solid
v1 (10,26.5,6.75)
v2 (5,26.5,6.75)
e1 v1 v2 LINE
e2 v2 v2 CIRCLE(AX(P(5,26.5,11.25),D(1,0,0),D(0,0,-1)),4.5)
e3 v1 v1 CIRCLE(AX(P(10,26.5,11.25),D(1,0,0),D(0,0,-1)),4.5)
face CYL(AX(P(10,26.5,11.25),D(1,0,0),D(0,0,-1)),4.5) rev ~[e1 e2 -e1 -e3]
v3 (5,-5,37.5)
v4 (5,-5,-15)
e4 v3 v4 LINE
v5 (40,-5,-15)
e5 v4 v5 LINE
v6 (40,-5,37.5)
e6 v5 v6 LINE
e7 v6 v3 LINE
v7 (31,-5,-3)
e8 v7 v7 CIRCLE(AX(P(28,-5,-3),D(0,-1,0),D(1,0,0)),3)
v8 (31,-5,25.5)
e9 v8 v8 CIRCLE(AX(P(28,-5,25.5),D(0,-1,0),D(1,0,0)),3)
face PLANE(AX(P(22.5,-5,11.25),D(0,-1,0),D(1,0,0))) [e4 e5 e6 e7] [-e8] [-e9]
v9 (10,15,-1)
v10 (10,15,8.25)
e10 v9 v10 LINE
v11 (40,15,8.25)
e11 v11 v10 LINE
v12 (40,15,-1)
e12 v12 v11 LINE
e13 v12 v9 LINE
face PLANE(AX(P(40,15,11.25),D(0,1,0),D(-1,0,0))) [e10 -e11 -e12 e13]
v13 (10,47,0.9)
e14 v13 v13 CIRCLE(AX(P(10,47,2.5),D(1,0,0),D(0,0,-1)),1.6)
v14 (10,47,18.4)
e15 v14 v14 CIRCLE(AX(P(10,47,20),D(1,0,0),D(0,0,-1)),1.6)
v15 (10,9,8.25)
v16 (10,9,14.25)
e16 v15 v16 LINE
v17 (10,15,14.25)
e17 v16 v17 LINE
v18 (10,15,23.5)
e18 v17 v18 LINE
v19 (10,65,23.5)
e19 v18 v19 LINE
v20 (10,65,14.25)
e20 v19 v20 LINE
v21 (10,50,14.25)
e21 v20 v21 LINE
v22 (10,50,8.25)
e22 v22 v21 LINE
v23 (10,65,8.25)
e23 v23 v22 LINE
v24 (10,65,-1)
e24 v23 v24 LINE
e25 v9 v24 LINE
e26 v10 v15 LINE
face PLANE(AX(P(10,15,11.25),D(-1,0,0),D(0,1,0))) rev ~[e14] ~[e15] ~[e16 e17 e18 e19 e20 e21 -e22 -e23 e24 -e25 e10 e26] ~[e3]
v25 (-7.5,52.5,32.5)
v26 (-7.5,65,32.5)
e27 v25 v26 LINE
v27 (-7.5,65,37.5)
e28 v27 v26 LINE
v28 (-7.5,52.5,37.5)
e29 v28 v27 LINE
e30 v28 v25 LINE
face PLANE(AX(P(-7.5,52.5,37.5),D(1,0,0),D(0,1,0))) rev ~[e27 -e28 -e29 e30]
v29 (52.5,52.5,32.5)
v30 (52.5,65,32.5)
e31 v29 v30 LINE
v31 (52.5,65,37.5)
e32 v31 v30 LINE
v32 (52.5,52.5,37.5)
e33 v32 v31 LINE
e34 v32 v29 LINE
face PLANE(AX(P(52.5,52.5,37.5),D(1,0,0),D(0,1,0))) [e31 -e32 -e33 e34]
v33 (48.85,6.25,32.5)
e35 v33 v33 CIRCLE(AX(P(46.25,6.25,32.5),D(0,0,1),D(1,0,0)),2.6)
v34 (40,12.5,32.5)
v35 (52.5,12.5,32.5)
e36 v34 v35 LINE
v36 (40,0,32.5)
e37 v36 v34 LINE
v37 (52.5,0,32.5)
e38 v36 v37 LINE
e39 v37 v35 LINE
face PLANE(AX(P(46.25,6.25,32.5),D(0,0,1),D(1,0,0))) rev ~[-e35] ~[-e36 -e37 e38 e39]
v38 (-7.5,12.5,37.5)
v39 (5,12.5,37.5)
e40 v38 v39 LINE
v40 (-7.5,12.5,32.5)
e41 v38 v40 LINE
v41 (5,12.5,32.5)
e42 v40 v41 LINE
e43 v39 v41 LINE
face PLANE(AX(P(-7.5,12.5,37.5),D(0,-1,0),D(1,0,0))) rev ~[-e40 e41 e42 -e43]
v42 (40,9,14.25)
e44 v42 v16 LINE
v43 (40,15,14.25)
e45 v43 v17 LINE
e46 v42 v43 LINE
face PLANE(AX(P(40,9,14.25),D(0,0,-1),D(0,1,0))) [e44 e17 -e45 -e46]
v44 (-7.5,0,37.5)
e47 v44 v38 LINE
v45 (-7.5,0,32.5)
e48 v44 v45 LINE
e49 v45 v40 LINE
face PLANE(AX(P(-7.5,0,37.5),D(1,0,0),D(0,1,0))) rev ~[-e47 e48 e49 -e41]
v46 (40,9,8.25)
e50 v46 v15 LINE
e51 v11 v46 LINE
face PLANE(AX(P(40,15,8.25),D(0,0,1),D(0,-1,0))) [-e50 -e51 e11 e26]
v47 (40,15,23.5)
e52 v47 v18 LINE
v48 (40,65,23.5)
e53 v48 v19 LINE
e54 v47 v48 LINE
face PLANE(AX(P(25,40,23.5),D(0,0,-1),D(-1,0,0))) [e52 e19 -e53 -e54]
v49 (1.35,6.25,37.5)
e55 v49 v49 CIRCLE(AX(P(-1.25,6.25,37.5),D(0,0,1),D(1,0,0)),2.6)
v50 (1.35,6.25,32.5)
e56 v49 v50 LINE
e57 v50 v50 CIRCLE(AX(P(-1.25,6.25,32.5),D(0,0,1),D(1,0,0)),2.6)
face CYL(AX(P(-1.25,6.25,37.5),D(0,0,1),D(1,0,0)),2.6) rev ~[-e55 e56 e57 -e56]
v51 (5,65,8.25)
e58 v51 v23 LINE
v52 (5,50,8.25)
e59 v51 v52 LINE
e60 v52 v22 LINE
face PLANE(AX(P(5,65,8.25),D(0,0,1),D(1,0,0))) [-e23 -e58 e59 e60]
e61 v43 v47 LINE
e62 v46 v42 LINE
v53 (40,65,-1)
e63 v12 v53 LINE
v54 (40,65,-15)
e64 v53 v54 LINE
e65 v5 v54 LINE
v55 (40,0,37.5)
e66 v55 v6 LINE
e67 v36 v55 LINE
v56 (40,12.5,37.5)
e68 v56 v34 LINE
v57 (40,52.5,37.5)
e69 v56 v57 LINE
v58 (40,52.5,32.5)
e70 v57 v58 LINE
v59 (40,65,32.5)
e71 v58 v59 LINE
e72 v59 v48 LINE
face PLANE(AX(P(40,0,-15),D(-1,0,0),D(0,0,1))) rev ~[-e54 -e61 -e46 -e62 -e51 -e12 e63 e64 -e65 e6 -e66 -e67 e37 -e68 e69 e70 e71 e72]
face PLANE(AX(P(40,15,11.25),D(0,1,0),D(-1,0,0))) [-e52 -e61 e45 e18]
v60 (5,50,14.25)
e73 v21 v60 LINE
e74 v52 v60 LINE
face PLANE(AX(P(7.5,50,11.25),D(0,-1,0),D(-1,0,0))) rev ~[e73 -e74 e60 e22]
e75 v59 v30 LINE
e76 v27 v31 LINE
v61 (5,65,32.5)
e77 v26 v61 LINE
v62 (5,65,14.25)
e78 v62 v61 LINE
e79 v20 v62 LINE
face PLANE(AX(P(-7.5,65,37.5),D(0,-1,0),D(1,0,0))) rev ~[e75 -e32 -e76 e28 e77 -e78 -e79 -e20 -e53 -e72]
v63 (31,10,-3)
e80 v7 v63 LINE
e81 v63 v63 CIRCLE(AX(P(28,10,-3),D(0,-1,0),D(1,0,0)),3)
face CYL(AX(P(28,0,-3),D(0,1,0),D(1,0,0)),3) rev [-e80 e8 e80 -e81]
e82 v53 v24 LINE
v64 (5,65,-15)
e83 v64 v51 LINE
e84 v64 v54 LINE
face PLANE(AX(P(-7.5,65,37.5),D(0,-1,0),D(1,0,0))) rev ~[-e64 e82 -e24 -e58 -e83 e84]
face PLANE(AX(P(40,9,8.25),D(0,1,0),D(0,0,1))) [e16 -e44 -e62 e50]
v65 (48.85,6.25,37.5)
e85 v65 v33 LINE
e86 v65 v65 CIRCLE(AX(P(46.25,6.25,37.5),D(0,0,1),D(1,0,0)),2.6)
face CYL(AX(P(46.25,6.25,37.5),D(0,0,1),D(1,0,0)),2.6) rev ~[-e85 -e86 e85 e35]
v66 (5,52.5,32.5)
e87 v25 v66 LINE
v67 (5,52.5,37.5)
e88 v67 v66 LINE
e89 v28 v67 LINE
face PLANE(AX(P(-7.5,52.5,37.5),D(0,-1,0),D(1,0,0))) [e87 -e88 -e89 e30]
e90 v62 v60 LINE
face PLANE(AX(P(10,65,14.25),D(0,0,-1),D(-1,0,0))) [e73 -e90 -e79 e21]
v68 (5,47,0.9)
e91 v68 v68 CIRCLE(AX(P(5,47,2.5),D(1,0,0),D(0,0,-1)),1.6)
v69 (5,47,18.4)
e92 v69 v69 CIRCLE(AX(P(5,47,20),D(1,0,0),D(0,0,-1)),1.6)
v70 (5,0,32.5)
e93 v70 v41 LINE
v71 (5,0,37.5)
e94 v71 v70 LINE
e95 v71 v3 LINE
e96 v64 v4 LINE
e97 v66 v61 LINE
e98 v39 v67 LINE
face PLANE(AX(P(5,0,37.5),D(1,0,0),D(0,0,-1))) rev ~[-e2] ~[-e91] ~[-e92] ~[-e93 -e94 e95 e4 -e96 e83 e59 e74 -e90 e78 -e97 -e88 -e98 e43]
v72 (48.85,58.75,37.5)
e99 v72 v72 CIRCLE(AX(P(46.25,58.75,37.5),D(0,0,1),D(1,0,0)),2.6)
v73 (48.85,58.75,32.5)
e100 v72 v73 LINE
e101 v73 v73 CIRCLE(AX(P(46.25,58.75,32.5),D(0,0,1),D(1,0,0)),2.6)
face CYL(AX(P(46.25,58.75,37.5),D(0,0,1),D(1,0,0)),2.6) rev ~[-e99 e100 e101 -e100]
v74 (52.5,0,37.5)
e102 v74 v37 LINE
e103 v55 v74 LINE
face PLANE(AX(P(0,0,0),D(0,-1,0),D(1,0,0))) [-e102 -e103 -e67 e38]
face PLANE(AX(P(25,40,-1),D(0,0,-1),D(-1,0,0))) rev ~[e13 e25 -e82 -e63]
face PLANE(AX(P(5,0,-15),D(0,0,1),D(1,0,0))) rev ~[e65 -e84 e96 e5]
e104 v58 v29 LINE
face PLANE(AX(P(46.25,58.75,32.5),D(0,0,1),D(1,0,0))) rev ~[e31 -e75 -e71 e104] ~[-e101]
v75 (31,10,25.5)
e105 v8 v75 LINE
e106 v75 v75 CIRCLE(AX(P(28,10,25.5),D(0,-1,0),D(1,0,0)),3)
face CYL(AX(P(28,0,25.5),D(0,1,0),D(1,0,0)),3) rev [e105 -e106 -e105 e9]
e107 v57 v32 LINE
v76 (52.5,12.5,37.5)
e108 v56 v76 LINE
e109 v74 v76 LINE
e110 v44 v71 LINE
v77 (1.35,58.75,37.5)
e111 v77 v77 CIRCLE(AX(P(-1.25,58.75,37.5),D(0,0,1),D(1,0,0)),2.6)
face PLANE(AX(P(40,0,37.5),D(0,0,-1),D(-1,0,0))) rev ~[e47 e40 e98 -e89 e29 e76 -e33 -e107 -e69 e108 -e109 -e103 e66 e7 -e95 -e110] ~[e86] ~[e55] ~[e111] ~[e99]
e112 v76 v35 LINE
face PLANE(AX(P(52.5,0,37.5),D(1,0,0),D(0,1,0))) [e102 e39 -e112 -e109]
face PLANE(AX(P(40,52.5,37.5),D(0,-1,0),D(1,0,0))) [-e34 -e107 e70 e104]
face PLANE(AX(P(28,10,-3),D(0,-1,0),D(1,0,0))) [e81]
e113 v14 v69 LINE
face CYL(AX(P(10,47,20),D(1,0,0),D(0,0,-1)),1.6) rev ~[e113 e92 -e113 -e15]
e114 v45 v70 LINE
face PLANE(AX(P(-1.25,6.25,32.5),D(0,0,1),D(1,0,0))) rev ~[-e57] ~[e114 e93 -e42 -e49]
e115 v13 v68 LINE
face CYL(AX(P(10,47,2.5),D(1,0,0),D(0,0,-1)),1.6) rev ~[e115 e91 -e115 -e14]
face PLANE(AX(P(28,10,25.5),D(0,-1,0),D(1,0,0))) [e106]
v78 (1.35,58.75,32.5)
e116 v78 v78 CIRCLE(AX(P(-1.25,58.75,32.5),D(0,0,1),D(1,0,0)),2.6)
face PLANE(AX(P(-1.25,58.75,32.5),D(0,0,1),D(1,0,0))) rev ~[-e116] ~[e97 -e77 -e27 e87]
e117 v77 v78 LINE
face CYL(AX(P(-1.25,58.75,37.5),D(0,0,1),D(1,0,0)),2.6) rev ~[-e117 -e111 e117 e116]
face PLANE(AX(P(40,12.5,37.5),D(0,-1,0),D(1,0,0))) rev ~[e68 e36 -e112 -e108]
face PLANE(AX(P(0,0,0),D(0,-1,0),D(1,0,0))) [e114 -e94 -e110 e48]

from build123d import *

# Parameters (mm, degrees)
SKETCH1_W                = 40
SKETCH1_H                = 65
BOSS_EXTRUDE1_DEPTH      = 42.5
BOSS_EXTRUDE1_DEPTH_BACK = 15
SKETCH3_W                = 22.5
SKETCH3_H                = 50
CUT_EXTRUDE2_DEPTH       = 30
SKETCH4_R                = 4.5
CUT_EXTRUDE3_DEPTH       = 10
SKETCH6_W                = 40
SKETCH6_H                = 65
CUT_EXTRUDE4_DEPTH       = 5
SKETCH7_R                = 3
CUT_EXTRUDE5_DEPTH       = 10
SKETCH8_W                = 52.5
SKETCH8_H                = 65
CUT_EXTRUDE6_DEPTH       = 5
SKETCH9_W                = 12.5
SKETCH9_H                = 12.5
SKETCH9_R                = 2.6
BOSS_EXTRUDE2_DEPTH      = 5
SKETCH10_R               = 3
BOSS_EXTRUDE3_DEPTH      = 5
SKETCH11_R               = 1.6
CUT_EXTRUDE7_DEPTH       = 18.5
SKETCH12_W               = 30
SKETCH12_H               = 50
CUT_EXTRUDE8_DEPTH       = 12.25
CUT_EXTRUDE8_DEPTH_BACK  = 12.25
CUT_EXTRUDE9_DEPTH       = 30
CUT_EXTRUDE10_DEPTH      = 15


with BuildPart() as part:
    # Sketch1 → Boss-Extrude1 (new body, two sides)
    with BuildSketch(Plane.XY) as boss_extrude1_sk:
        with Locations((20, 32.5)):
            Rectangle(SKETCH1_W, SKETCH1_H)
    extrude(amount=BOSS_EXTRUDE1_DEPTH)
    extrude(boss_extrude1_sk.sketch, amount=-BOSS_EXTRUDE1_DEPTH_BACK)

    # Sketch3 → Cut-Extrude2 (cut)
    with BuildSketch(Plane(origin=(40, 0, 0), x_dir=(0, 0, -1), z_dir=(1, 0, 0))):
        with Locations((-11.25, 40)):
            Rectangle(SKETCH3_W, SKETCH3_H)
    extrude(amount=-CUT_EXTRUDE2_DEPTH, mode=Mode.SUBTRACT)

    # Sketch4 → Cut-Extrude3 (cut)
    with BuildSketch(Plane(origin=(10, 0, 0), x_dir=(0, 0, -1), z_dir=(1, 0, 0))):
        with Locations((-11.25, 26.5)):
            Circle(SKETCH4_R)
    extrude(amount=-CUT_EXTRUDE3_DEPTH, mode=Mode.SUBTRACT)

    # Sketch6 → Cut-Extrude4 (cut)
    with BuildSketch(Plane.XY.offset(42.5)):
        with Locations((20, 32.5)):
            Rectangle(SKETCH6_W, SKETCH6_H)
    extrude(amount=-CUT_EXTRUDE4_DEPTH, mode=Mode.SUBTRACT)

    # Sketch7 → Cut-Extrude5 (cut)
    with BuildSketch(Plane.XZ):
        with Locations((28, 25.5)):
            Circle(SKETCH7_R)
        with Locations((28, -3)):
            Circle(SKETCH7_R)
    extrude(amount=-CUT_EXTRUDE5_DEPTH, mode=Mode.SUBTRACT)

    # Sketch8 → Cut-Extrude6 (cut)
    with BuildSketch(Plane.ZY):
        with Locations((11.25, 32.5)):
            Rectangle(SKETCH8_W, SKETCH8_H)
    extrude(amount=-CUT_EXTRUDE6_DEPTH, mode=Mode.SUBTRACT)

    # Sketch9 → Boss-Extrude2 (add)
    with BuildSketch(Plane.XY.offset(37.5)):
        with Locations((-1.25, 58.75)):
            Rectangle(SKETCH9_W, SKETCH9_H)
        with Locations((-1.25, 58.75)):
            Circle(SKETCH9_R, mode=Mode.SUBTRACT)
        with Locations((46.25, 58.75)):
            Rectangle(SKETCH9_W, SKETCH9_H)
        with Locations((46.25, 58.75)):
            Circle(SKETCH9_R, mode=Mode.SUBTRACT)
        with Locations((46.25, 6.25)):
            Rectangle(SKETCH9_W, SKETCH9_H)
        with Locations((46.25, 6.25)):
            Circle(SKETCH9_R, mode=Mode.SUBTRACT)
        with Locations((-1.25, 6.25)):
            Rectangle(SKETCH9_W, SKETCH9_H)
        with Locations((-1.25, 6.25)):
            Circle(SKETCH9_R, mode=Mode.SUBTRACT)
    extrude(amount=-BOSS_EXTRUDE2_DEPTH)

    # Sketch10 → Boss-Extrude3 (add)
    with BuildSketch(Plane.XZ):
        Polygon((40, 32.5), (40, 37.5), (5, 37.5), (5, -15), (40, -15), align=None)
        with Locations((28, 25.5)):
            Circle(SKETCH10_R, mode=Mode.SUBTRACT)
        with Locations((28, -3)):
            Circle(SKETCH10_R, mode=Mode.SUBTRACT)
    extrude(amount=BOSS_EXTRUDE3_DEPTH)

    # Sketch11 → Cut-Extrude7 (cut, through all)
    with BuildSketch(Plane(origin=(10, 0, 0), x_dir=(0, 0, -1), z_dir=(1, 0, 0))):
        with Locations((-2.5, 47)):
            Circle(SKETCH11_R)
        with Locations((-20, 47)):
            Circle(SKETCH11_R)
    extrude(amount=-CUT_EXTRUDE7_DEPTH, mode=Mode.SUBTRACT)

    # Sketch12 → Cut-Extrude8 (cut, two sides)
    with BuildSketch(Plane(origin=(0, 0, 11.25), x_dir=(-1, 0, 0), z_dir=(0, 0, -1))) as cut_extrude8_sk:
        with Locations((-25, 40)):
            Rectangle(SKETCH12_W, SKETCH12_H)
    extrude(amount=CUT_EXTRUDE8_DEPTH, mode=Mode.SUBTRACT)
    extrude(cut_extrude8_sk.sketch, amount=-CUT_EXTRUDE8_DEPTH_BACK, mode=Mode.SUBTRACT)

    # Sketch13 → Cut-Extrude9 (cut)
    with BuildSketch(Plane(origin=(40, 0, 0), x_dir=(0, 0, -1), z_dir=(1, 0, 0))):
        Polygon((-11.25, 15), (-8.25, 15), (-8.25, 9), (-14.25, 9), (-14.25, 15), align=None)
    extrude(amount=-CUT_EXTRUDE9_DEPTH, mode=Mode.SUBTRACT)

    # Sketch14 → Cut-Extrude10 (cut)
    with BuildSketch(Plane(origin=(0, 65, 0), x_dir=(1, 0, 0), z_dir=(0, 1, 0))):
        Polygon((5, -11.25), (5, -8.25), (10, -8.25), (10, -14.25), (5, -14.25), align=None)
    extrude(amount=-CUT_EXTRUDE10_DEPTH, mode=Mode.SUBTRACT)


solid = part.part
